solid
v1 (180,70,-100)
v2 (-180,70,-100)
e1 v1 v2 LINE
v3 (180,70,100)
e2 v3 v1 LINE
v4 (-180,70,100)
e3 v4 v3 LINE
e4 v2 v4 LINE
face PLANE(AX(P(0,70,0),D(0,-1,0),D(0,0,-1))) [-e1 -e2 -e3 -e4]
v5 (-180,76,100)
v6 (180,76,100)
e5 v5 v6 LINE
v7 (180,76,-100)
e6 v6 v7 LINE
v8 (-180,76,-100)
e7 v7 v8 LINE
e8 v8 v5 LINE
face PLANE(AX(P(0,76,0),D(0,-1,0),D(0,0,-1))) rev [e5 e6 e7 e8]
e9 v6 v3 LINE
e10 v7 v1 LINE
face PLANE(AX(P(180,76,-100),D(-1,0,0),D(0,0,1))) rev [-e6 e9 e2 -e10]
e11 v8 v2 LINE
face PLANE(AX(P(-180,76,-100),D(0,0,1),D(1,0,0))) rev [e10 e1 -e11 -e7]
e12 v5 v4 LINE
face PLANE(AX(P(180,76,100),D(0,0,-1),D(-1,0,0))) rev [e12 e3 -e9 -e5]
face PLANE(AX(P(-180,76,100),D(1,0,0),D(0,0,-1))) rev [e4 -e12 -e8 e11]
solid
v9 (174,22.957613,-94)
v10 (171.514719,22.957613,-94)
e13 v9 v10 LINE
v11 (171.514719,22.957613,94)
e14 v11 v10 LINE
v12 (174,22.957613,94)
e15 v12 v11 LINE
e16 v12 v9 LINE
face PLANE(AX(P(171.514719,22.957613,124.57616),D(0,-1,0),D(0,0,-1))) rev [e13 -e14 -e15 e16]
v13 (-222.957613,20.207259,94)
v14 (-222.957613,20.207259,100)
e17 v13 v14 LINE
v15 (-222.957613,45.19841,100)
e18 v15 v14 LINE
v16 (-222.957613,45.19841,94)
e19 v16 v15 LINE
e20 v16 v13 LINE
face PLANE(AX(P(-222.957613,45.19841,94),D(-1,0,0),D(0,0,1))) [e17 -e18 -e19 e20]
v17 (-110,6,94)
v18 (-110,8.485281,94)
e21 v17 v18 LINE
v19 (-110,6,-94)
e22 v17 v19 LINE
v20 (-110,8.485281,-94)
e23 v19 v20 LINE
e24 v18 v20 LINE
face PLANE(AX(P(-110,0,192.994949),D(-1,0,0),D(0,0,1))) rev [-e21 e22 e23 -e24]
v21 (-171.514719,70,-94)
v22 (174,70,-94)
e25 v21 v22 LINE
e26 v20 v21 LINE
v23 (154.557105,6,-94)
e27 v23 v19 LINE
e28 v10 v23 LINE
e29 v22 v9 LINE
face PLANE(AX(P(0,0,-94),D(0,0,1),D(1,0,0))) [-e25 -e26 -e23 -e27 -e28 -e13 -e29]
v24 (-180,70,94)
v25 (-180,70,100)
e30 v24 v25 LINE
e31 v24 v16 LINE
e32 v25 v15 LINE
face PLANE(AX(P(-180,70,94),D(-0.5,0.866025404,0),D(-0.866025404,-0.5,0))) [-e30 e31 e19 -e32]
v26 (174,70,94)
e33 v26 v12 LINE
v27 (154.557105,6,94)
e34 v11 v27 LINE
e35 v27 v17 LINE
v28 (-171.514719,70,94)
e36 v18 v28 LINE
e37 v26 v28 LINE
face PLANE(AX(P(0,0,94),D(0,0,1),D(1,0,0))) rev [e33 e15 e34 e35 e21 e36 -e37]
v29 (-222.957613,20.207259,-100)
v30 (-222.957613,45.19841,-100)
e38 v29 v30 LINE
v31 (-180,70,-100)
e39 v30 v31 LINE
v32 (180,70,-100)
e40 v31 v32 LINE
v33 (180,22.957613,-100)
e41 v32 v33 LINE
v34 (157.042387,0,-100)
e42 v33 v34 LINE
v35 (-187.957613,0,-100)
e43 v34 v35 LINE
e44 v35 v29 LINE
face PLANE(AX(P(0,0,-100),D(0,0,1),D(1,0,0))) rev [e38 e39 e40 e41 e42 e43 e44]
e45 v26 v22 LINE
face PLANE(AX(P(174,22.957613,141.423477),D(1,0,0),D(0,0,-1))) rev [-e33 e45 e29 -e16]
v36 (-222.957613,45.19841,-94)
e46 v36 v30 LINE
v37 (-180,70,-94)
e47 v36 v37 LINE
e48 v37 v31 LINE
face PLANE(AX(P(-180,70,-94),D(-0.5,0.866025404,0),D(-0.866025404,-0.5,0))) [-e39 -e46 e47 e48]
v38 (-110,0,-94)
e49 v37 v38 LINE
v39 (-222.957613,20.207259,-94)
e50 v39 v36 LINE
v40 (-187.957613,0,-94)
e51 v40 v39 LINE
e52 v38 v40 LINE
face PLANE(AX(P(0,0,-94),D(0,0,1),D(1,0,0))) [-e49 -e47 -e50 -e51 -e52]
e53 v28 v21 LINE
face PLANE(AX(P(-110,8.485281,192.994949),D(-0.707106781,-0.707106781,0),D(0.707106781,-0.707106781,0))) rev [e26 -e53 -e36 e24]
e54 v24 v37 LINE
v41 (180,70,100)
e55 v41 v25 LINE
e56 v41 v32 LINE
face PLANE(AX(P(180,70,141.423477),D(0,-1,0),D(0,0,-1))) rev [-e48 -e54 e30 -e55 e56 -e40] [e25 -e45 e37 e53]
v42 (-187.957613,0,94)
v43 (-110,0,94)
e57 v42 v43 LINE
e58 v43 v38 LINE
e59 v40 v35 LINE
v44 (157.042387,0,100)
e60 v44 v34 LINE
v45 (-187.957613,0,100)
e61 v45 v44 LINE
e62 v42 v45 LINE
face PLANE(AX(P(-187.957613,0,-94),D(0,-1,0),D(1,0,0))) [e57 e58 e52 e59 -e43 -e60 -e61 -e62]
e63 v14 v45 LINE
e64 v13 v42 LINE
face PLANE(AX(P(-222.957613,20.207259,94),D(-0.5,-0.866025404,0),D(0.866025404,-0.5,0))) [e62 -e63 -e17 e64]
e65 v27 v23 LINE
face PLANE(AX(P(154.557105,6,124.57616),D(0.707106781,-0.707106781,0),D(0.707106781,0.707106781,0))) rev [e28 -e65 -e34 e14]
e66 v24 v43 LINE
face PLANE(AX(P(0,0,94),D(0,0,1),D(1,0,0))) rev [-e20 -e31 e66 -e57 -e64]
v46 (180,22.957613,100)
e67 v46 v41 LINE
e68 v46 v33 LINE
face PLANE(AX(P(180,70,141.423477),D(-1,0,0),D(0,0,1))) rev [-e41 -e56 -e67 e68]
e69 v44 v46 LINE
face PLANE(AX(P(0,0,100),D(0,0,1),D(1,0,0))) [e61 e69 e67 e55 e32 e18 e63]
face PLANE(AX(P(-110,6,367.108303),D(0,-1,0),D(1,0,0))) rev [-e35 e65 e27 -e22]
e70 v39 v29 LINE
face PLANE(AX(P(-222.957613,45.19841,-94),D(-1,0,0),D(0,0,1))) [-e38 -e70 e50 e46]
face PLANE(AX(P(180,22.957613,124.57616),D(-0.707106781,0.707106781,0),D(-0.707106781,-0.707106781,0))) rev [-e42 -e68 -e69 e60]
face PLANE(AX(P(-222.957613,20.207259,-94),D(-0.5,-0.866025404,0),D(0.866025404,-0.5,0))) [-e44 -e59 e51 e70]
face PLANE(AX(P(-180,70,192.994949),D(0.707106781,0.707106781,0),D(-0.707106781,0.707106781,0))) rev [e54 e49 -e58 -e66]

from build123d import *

# Parameters (mm, degrees)
BOSS_EXTRUDE2_DEPTH = 6
BOSS_EXTRUDE3_DEPTH = 6
BOSS_EXTRUDE4_DEPTH = 188
SKETCH13_W          = 6
SKETCH13_H          = 47.042386743
BOSS_EXTRUDE5_DEPTH = 188
BOSS_EXTRUDE6_DEPTH = 188
BOSS_EXTRUDE7_DEPTH = 188
SKETCH16_W          = 360
SKETCH16_H          = 200
BOSS_EXTRUDE8_DEPTH = 6


with BuildPart() as part:
    # Right Panel → Boss-Extrude2 (new body)
    with BuildSketch(Plane(origin=(0, 0, -100), x_dir=(-1, 0, 0), z_dir=(0, 0, -1))):
        Polygon((-180, 70), (180, 70), (222.957613257, 45.198410422), (222.957613257, 20.207259422), (187.957613257, 0), (-157.042386743, 0), (-180, 22.957613257), align=None)
    extrude(amount=-BOSS_EXTRUDE2_DEPTH)



with BuildPart() as body_2:
    # Left Panel(Main) → Boss-Extrude3 (new body)
    with BuildSketch(Plane.XY.offset(100)):
        Polygon((157.042386743, 0), (-187.957613257, 0), (-222.957613257, 20.207259422), (-222.957613257, 45.198410422), (-180, 70), (180, 70), (180, 22.957613257), align=None)
    extrude(amount=-BOSS_EXTRUDE3_DEPTH)


with BuildPart() as body_3:
    # Sketch12 → Boss-Extrude4 (new body)
    with BuildSketch(Plane.XY.offset(-94)):
        Polygon((-110, 8.485281374), (-171.514718626, 70), (-180, 70), (-110, 0), align=None)
    extrude(amount=BOSS_EXTRUDE4_DEPTH)


with BuildPart() as body_4:
    # Sketch13 → Boss-Extrude5 (new body)
    with BuildSketch(Plane.XY.offset(-94)):
        with Locations((177, 46.478806629)):
            Rectangle(SKETCH13_W, SKETCH13_H)
    extrude(amount=BOSS_EXTRUDE5_DEPTH)


with BuildPart() as part_1:
    add(part.part)

    add(body_2.part)  # Boss-Extrude6 merges body 2

    add(body_3.part)  # Boss-Extrude6 merges body 3
    # Sketch15 → Boss-Extrude6 (add)
    with BuildSketch(Plane.XY.offset(-94)):
        Polygon((-110, 0), (157.042386743, 0), (163.042386743, 6), (-110, 6), align=None)
    extrude(amount=BOSS_EXTRUDE6_DEPTH)


    add(body_4.part)  # Boss-Extrude7 merges body 4
    # Sketch14 → Boss-Extrude7 (add)
    with BuildSketch(Plane.XY.offset(-94)):
        Polygon((180, 22.957613257), (163.042386743, 6), (154.557105369, 6), (171.514718626, 22.957613257), align=None)
    extrude(amount=BOSS_EXTRUDE7_DEPTH)


with BuildPart() as body_2_2:
    # Sketch16 → Boss-Extrude8 (new body)
    with BuildSketch(Plane(origin=(0, 70, 0), x_dir=(1, 0, 0), z_dir=(0, 1, 0))):
        Rectangle(SKETCH16_W, SKETCH16_H)
    extrude(amount=BOSS_EXTRUDE8_DEPTH)


solid = Compound([part_1.part, body_2_2.part])
